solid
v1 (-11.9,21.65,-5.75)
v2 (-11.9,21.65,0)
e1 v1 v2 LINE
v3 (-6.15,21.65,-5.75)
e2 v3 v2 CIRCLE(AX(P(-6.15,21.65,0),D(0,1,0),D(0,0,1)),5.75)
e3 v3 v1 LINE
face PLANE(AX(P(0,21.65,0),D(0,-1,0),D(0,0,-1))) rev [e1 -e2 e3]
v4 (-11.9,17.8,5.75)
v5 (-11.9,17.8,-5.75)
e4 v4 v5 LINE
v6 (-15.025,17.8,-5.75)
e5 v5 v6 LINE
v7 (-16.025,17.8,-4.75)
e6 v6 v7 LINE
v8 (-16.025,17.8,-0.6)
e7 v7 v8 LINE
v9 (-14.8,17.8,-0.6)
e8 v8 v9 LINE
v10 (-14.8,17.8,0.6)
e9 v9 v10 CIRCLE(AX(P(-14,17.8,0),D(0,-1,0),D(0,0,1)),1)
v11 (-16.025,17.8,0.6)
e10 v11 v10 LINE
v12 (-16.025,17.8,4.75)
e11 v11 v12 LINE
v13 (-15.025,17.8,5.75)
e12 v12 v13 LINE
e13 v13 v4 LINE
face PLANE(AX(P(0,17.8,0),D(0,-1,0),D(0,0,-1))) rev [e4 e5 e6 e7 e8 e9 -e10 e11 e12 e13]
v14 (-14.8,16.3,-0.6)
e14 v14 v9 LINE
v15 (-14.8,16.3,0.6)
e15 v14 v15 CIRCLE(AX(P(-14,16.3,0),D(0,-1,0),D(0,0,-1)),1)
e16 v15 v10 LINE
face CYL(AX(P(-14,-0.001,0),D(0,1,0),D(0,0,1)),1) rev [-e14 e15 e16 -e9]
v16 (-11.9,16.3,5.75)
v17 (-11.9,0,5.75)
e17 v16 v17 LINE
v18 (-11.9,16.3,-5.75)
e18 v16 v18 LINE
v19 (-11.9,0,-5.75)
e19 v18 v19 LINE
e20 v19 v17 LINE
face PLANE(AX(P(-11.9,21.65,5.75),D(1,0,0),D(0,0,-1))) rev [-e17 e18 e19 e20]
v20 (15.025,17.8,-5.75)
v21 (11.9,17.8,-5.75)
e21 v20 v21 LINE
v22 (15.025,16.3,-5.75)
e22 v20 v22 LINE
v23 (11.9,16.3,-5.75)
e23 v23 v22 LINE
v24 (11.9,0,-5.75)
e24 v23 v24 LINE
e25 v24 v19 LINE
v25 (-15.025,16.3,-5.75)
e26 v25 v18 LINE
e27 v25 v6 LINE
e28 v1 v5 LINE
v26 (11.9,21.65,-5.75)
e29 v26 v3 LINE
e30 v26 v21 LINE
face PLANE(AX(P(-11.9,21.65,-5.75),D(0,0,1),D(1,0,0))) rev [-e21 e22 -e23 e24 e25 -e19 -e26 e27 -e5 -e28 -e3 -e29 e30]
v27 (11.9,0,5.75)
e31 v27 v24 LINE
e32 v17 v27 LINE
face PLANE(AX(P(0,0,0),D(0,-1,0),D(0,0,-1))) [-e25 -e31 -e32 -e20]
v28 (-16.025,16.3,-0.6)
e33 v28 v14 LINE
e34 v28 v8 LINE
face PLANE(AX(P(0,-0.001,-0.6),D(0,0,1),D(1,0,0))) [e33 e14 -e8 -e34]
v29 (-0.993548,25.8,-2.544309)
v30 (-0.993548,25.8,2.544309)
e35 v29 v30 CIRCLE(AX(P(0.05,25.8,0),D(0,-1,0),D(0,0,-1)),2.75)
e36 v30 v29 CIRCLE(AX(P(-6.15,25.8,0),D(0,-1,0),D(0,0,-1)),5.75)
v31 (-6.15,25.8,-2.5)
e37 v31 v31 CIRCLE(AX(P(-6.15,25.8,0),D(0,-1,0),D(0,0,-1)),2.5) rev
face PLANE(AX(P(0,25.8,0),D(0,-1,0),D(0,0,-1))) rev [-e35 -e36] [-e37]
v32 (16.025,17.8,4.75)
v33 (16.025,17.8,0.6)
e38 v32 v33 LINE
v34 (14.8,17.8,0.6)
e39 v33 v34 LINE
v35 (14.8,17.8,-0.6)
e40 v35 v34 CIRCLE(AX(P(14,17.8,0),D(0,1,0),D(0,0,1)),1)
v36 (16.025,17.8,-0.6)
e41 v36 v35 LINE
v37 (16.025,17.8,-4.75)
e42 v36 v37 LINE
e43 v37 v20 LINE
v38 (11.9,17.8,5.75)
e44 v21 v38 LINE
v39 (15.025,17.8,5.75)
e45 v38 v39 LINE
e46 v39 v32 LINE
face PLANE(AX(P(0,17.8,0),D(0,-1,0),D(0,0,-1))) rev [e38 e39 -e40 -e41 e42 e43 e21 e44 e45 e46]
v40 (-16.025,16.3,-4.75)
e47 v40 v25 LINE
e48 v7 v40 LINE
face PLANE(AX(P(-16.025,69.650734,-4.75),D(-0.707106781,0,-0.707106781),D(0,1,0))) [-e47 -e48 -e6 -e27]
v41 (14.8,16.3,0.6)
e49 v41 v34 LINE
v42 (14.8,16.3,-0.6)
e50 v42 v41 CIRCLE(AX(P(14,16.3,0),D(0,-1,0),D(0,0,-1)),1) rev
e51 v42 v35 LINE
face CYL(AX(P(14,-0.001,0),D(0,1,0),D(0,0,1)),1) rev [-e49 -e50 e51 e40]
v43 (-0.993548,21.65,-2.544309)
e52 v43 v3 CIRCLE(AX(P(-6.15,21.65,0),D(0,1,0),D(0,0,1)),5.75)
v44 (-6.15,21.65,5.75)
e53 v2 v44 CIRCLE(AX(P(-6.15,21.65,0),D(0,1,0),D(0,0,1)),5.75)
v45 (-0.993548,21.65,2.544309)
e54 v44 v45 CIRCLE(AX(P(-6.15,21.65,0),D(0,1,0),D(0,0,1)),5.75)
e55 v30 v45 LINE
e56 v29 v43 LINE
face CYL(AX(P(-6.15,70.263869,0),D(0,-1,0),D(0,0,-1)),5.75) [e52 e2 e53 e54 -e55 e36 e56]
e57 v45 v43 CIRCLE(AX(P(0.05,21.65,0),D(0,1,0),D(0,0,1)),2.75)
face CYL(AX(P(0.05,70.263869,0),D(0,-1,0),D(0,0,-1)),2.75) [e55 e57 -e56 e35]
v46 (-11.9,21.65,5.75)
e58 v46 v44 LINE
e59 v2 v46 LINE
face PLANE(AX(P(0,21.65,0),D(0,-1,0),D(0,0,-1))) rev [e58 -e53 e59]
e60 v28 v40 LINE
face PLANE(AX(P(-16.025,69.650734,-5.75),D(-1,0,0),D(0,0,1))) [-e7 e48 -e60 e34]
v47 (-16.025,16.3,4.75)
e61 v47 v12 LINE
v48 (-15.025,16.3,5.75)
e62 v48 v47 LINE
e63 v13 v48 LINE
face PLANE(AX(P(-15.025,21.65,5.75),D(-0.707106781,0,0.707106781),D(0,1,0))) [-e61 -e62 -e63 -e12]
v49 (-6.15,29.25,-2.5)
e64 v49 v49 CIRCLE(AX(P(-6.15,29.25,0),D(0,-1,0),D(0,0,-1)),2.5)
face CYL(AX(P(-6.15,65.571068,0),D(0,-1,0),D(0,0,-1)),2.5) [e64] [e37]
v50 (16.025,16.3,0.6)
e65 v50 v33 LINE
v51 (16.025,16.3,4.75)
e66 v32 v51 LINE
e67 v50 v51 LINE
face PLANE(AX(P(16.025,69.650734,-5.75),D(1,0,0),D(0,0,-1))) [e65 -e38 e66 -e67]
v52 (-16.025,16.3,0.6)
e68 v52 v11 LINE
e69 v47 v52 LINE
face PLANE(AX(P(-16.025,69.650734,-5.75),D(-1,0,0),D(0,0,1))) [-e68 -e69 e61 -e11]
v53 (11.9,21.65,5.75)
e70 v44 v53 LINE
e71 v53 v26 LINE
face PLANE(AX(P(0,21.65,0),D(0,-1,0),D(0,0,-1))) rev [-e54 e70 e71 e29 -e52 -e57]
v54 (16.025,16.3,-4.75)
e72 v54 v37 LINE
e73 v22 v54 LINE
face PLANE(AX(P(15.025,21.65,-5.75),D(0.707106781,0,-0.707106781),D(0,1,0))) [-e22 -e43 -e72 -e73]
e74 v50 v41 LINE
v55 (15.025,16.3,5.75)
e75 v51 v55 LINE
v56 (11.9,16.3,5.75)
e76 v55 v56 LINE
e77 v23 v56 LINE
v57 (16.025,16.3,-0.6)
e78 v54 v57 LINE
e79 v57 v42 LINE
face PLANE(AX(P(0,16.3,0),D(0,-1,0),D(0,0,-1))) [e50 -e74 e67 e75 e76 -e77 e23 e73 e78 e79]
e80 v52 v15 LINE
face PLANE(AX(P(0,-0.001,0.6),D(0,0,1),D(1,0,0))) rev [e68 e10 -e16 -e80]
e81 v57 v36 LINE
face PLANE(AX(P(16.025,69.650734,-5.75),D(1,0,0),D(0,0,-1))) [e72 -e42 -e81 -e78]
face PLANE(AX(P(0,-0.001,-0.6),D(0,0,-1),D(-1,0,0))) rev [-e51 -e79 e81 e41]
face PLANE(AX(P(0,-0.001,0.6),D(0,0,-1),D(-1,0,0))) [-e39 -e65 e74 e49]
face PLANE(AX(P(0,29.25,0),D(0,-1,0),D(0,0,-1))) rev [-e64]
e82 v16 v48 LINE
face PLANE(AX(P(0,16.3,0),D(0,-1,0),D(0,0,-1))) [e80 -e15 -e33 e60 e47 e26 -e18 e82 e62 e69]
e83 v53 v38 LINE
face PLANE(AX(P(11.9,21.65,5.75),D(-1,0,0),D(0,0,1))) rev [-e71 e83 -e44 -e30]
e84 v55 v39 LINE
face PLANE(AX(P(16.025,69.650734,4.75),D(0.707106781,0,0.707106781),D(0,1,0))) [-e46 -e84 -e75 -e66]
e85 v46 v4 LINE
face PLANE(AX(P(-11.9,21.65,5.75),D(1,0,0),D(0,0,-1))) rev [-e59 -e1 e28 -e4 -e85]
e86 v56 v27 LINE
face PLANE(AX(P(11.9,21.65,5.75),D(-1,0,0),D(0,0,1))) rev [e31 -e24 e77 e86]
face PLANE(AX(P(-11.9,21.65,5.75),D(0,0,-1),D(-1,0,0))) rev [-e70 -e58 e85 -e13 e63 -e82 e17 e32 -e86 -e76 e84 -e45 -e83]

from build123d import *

# Parameters (mm, degrees)
SKETCH_1_W          = 23.8
SKETCH_1_H          = 11.5
EXTRUDE_1_DEPTH     = 21.65
EXTRUDE_START       = -16.3
SKETCH_2_W          = 32.05
SKETCH_2_H          = 11.5
EXTRUDE_2_DEPTH     = 1.5
SKETCH_3_R          = 2.75
SKETCH_3_R_2        = 5.75
EXTRUDE_3_DEPTH     = 4.15
SKETCH_4_R          = 2.5
EXTRUDE_4_DEPTH     = 3.45
CHAMFER_1_SIZE      = 1
CUT_EXTRUDE_1_REACH = 26.631
SKETCH_5_R          = 1


with BuildPart() as part:
    # 草图1 → 凸台-拉伸1 (new body)
    with BuildSketch(Plane(origin=(0, 0, 0), x_dir=(1, 0, 0), z_dir=(0, 1, 0))):
        Rectangle(SKETCH_1_W, SKETCH_1_H)
    extrude(amount=EXTRUDE_1_DEPTH)

    # 草图2 → 凸台-拉伸2 (add)
    with BuildSketch(Plane.XZ.offset(EXTRUDE_START)):
        Rectangle(SKETCH_2_W, SKETCH_2_H)
    extrude(amount=-EXTRUDE_2_DEPTH)

    # 草图3 → 凸台-拉伸3 (add)
    with BuildSketch(Plane(origin=(0, 21.65, 0), x_dir=(1, 0, 0), z_dir=(0, 1, 0))):
        with Locations((0.05, 0)):
            Circle(SKETCH_3_R)
        with Locations((-6.15, 0)):
            Circle(SKETCH_3_R_2)
    extrude(amount=EXTRUDE_3_DEPTH)

    # 草图4 → 凸台-拉伸4 (add)
    with BuildSketch(Plane(origin=(0, 25.8, 0), x_dir=(1, 0, 0), z_dir=(0, 1, 0))):
        with Locations(Location((-6.15, 0, 0), (0, 0, 90))):
            Circle(SKETCH_4_R)
    extrude(amount=EXTRUDE_4_DEPTH)

    # 倒角1
    chamfer_1_edges = [part.edges().sort_by_distance(p)[0] for p in [
        (-16.025, 17.05, 5.75),
        (16.025, 17.05, -5.75),
        (-16.025, 17.05, -5.75),
        (16.025, 17.05, 5.75),
    ]]
    chamfer(chamfer_1_edges, length=CHAMFER_1_SIZE)

    # 草图5 → 切除-拉伸1 (cut, up to next)
    with BuildSketch(Plane(origin=(0, 17.8, 0), x_dir=(1, 0, 0), z_dir=(0, 1, 0)), mode=Mode.PRIVATE) as cut_extrude_1_sk1:
        with Locations((14, 0)):
            Circle(SKETCH_5_R)
    cut_extrude_1_tool1 = extrude(cut_extrude_1_sk1.sketch, amount=-CUT_EXTRUDE_1_REACH, mode=Mode.PRIVATE) & part.part
    # 草图5 → 切除-拉伸1 (cut, up to next)
    with BuildSketch(Plane(origin=(0, 17.8, 0), x_dir=(1, 0, 0), z_dir=(0, 1, 0)), mode=Mode.PRIVATE) as cut_extrude_1_sk2:
        with BuildLine():
            Line((16.025, -0.6), (16.025, 0.6))
            Line((16.025, 0.6), (14.8, 0.6))
            ThreePointArc((14.8, 0.6), (14.948683298, 0.316227766), (15, 0))
            ThreePointArc((15, 0), (14.948683298, -0.316227766), (14.8, -0.6))
            Line((14.8, -0.6), (16.025, -0.6))
        make_face()
    cut_extrude_1_tool2 = extrude(cut_extrude_1_sk2.sketch, amount=-CUT_EXTRUDE_1_REACH, mode=Mode.PRIVATE) & part.part
    cut_extrude_1_1 = cut_extrude_1_tool1.solids().sort_by_distance((14, 17.8, 0))[0]
    add(cut_extrude_1_1, mode=Mode.SUBTRACT)
    cut_extrude_1_2 = cut_extrude_1_tool2.solids().sort_by_distance((15.479048, 17.8, 0))[0]
    add(cut_extrude_1_2, mode=Mode.SUBTRACT)
    cut_extrude_1 = cut_extrude_1_1 + cut_extrude_1_2  # 切除-拉伸1 as one shape, for the pattern or mirror that repeats it

    # 镜向1: 切除-拉伸1 across plane
    add(cut_extrude_1.mirror(Plane(origin=(0, 0, 0), x_dir=(0, 0, 1), z_dir=(1, 0, 0))), mode=Mode.SUBTRACT)


solid = part.part
